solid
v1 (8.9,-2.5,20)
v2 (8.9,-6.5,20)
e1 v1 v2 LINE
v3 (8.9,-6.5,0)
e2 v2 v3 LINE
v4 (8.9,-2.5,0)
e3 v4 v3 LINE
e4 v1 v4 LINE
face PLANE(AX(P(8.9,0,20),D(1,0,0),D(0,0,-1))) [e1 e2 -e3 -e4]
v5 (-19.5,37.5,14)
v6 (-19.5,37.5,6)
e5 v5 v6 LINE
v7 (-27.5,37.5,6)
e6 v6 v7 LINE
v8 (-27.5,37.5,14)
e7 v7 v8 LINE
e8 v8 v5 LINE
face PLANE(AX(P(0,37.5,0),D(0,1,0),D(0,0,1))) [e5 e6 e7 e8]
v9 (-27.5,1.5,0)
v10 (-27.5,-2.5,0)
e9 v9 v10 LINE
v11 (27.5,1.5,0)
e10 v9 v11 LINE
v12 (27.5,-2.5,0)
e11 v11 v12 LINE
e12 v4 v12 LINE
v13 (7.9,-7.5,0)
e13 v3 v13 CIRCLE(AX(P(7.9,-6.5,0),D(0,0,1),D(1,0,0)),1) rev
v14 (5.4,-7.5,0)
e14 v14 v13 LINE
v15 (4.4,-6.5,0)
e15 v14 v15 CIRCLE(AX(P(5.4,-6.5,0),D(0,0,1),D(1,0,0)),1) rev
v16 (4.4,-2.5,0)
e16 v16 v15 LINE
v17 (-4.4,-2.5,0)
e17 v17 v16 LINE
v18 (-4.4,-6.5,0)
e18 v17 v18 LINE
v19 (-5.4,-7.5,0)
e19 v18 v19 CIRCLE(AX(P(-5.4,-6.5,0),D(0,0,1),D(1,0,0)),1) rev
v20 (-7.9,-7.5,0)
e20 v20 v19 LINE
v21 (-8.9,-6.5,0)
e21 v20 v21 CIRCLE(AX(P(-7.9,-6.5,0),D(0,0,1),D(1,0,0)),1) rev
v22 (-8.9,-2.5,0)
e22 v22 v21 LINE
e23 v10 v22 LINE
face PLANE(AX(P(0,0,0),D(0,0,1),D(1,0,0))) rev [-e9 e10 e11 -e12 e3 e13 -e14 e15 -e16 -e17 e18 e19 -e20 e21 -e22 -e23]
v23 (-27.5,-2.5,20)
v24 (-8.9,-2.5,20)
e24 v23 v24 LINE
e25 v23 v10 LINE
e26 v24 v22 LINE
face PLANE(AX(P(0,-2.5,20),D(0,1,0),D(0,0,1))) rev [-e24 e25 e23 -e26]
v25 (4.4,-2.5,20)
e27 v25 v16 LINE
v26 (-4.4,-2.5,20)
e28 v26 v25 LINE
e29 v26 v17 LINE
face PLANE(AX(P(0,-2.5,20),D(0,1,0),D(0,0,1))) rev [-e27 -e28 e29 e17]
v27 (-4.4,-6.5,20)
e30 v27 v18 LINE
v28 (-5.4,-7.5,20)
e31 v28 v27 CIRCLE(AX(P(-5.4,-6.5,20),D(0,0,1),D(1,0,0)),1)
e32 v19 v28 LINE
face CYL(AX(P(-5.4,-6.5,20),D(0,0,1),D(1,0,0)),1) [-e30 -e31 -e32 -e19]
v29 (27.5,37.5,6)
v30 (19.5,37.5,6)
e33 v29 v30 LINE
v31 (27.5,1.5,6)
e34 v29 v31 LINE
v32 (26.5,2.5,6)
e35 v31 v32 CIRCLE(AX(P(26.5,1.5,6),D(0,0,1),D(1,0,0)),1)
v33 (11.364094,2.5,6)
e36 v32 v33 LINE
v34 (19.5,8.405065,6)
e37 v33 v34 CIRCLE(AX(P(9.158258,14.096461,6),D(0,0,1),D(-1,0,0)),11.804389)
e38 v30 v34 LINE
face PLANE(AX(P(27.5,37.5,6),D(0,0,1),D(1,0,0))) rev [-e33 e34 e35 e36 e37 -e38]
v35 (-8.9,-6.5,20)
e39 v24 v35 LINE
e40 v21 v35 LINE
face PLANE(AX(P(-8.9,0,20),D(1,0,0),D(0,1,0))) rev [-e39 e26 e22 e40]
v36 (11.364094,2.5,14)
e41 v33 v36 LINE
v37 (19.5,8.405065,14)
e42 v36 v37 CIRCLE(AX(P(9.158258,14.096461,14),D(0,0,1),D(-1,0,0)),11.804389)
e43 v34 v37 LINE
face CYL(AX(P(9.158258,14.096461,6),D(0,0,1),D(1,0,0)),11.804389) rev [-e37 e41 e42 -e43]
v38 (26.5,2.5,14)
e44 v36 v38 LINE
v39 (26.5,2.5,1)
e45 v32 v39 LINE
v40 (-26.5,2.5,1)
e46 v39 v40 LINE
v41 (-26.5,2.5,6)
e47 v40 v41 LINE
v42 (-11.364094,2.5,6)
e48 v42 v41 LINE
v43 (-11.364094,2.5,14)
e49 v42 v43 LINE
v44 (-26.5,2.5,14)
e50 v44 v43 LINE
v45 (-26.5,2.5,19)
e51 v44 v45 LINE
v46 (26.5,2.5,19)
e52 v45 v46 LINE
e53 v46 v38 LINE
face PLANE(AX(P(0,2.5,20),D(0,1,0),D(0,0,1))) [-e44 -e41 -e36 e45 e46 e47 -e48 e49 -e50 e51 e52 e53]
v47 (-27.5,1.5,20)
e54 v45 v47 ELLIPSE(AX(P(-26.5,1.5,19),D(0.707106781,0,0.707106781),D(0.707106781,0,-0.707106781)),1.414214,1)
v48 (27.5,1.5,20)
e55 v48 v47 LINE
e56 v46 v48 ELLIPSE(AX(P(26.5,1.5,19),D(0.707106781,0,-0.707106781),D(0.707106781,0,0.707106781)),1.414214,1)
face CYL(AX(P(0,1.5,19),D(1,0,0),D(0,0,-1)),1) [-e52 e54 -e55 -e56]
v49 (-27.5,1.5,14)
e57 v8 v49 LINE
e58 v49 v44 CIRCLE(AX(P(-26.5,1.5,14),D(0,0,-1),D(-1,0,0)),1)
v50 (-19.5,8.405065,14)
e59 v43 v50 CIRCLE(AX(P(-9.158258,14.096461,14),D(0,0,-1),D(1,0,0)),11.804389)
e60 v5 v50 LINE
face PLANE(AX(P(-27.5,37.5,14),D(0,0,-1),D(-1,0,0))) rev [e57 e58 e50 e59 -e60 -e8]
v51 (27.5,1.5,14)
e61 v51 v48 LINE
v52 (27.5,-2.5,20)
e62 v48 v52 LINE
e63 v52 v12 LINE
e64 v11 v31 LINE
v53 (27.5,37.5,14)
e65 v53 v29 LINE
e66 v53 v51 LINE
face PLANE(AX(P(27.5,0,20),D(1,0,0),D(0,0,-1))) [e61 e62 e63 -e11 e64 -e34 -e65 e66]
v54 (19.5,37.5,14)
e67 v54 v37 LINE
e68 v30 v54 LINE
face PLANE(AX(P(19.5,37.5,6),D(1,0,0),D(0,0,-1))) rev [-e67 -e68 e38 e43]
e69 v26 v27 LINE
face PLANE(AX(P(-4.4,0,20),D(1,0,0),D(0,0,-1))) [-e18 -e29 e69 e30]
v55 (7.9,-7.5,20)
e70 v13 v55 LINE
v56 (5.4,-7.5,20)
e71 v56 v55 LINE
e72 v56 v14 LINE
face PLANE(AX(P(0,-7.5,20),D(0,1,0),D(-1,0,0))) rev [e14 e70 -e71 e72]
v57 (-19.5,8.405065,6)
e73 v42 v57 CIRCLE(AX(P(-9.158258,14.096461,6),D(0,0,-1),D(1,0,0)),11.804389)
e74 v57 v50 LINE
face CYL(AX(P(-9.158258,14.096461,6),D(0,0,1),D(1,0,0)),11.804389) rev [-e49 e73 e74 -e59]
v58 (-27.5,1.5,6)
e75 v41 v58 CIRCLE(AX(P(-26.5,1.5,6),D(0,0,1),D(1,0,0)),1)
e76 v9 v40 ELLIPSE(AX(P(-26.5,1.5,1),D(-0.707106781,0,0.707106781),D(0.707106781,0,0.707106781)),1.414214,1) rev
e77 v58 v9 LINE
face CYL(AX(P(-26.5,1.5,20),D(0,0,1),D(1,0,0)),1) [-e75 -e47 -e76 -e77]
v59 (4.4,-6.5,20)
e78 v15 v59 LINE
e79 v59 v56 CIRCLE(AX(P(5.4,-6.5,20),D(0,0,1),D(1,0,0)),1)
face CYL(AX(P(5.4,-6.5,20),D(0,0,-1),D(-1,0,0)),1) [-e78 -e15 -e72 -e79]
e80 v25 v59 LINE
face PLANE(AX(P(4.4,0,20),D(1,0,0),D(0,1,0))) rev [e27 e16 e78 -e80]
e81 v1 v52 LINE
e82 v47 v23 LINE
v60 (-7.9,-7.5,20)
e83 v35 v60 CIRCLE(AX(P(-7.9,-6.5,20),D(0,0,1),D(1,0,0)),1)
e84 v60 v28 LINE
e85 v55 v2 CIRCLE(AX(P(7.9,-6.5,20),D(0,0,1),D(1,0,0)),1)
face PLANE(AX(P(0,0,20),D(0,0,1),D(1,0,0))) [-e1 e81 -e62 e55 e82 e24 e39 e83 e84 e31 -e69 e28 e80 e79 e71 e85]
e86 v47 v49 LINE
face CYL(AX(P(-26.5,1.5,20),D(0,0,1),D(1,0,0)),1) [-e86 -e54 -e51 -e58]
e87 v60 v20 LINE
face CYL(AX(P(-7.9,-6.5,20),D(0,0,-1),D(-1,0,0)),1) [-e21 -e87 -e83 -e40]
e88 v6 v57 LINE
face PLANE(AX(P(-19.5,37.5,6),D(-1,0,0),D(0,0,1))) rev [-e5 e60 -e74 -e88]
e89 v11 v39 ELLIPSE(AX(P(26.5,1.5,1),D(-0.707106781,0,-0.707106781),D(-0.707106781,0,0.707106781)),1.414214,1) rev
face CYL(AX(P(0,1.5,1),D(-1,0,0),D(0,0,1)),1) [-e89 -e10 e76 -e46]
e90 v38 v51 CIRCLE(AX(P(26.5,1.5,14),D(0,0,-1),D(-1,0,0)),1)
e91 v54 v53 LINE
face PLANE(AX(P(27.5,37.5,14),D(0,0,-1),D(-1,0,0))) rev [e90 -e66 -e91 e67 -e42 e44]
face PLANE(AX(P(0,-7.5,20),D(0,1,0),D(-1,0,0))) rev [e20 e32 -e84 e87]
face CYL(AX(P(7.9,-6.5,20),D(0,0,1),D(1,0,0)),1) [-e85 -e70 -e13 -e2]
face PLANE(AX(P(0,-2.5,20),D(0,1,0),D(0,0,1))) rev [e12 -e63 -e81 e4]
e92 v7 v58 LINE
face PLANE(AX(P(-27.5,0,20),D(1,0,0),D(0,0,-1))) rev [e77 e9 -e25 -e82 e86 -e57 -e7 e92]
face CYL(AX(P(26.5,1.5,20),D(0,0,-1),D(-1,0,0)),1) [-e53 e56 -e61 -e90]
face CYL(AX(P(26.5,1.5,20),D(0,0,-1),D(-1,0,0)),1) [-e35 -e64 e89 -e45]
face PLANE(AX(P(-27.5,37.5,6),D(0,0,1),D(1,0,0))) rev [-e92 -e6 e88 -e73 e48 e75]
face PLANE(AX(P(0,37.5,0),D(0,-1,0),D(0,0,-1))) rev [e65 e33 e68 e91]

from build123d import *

# Parameters (mm, degrees)
SKETCH1_W           = 55
SKETCH1_H           = 5
SKETCH1_W_2         = 4.5
BOSS_EXTRUDE2_DEPTH = 20
SKETCH2_W           = 8
SKETCH2_H           = 8
BOSS_EXTRUDE3_DEPTH = 35
FILLET1_R           = 1
BOSS_EXTRUDE4_DEPTH = 4


with BuildPart() as part:
    # Sketch1 → Boss-Extrude2 (new body)
    with BuildSketch(Plane.XY):
        Rectangle(SKETCH1_W, SKETCH1_H)
        with Locations((-6.65, -5)):
            Rectangle(SKETCH1_W_2, SKETCH1_H)
        with Locations((6.65, -5)):
            Rectangle(SKETCH1_W_2, SKETCH1_H)
    extrude(amount=BOSS_EXTRUDE2_DEPTH)

    # Sketch2 → Boss-Extrude3 (add)
    with BuildSketch(Plane(origin=(0, 2.5, 0), x_dir=(1, 0, 0), z_dir=(0, 1, 0))):
        with Locations((23.5, -10)):
            Rectangle(SKETCH2_W, SKETCH2_H)
        with Locations((-23.5, -10)):
            Rectangle(SKETCH2_W, SKETCH2_H)
    extrude(amount=BOSS_EXTRUDE3_DEPTH)

    # Fillet1
    fillet1_edges = [part.edges().sort_by_distance(p)[0] for p in [
        (0, 2.5, 20),
        (0, 2.5, 0),
        (8.9, -7.5, 10),
        (4.4, -7.5, 10),
        (-4.4, -7.5, 10),
        (-8.9, -7.5, 10),
        (-27.5, 2.5, 17),
        (27.5, 2.5, 17),
        (-27.5, 2.5, 3),
        (27.5, 2.5, 3),
    ]]
    fillet(fillet1_edges, radius=FILLET1_R)

    # Sketch9 → Boss-Extrude4 (add, symmetric)
    with BuildSketch(Plane.XY.offset(10)):
        with BuildLine():
            Line((-19.5, 8.405065213), (-19.5, 2.5))
            Line((-19.5, 2.5), (-11.364093889, 2.5))
            ThreePointArc((-11.364093889, 2.5), (-16.092079197, 4.543150534), (-19.5, 8.405065213))
        make_face()
    boss_extrude4 = extrude(amount=BOSS_EXTRUDE4_DEPTH, both=True)

    # Mirror1: Boss-Extrude4 across plane
    add(boss_extrude4.mirror(Plane(origin=(0, 0, 0), x_dir=(0, 0, 1), z_dir=(1, 0, 0))))


solid = part.part
